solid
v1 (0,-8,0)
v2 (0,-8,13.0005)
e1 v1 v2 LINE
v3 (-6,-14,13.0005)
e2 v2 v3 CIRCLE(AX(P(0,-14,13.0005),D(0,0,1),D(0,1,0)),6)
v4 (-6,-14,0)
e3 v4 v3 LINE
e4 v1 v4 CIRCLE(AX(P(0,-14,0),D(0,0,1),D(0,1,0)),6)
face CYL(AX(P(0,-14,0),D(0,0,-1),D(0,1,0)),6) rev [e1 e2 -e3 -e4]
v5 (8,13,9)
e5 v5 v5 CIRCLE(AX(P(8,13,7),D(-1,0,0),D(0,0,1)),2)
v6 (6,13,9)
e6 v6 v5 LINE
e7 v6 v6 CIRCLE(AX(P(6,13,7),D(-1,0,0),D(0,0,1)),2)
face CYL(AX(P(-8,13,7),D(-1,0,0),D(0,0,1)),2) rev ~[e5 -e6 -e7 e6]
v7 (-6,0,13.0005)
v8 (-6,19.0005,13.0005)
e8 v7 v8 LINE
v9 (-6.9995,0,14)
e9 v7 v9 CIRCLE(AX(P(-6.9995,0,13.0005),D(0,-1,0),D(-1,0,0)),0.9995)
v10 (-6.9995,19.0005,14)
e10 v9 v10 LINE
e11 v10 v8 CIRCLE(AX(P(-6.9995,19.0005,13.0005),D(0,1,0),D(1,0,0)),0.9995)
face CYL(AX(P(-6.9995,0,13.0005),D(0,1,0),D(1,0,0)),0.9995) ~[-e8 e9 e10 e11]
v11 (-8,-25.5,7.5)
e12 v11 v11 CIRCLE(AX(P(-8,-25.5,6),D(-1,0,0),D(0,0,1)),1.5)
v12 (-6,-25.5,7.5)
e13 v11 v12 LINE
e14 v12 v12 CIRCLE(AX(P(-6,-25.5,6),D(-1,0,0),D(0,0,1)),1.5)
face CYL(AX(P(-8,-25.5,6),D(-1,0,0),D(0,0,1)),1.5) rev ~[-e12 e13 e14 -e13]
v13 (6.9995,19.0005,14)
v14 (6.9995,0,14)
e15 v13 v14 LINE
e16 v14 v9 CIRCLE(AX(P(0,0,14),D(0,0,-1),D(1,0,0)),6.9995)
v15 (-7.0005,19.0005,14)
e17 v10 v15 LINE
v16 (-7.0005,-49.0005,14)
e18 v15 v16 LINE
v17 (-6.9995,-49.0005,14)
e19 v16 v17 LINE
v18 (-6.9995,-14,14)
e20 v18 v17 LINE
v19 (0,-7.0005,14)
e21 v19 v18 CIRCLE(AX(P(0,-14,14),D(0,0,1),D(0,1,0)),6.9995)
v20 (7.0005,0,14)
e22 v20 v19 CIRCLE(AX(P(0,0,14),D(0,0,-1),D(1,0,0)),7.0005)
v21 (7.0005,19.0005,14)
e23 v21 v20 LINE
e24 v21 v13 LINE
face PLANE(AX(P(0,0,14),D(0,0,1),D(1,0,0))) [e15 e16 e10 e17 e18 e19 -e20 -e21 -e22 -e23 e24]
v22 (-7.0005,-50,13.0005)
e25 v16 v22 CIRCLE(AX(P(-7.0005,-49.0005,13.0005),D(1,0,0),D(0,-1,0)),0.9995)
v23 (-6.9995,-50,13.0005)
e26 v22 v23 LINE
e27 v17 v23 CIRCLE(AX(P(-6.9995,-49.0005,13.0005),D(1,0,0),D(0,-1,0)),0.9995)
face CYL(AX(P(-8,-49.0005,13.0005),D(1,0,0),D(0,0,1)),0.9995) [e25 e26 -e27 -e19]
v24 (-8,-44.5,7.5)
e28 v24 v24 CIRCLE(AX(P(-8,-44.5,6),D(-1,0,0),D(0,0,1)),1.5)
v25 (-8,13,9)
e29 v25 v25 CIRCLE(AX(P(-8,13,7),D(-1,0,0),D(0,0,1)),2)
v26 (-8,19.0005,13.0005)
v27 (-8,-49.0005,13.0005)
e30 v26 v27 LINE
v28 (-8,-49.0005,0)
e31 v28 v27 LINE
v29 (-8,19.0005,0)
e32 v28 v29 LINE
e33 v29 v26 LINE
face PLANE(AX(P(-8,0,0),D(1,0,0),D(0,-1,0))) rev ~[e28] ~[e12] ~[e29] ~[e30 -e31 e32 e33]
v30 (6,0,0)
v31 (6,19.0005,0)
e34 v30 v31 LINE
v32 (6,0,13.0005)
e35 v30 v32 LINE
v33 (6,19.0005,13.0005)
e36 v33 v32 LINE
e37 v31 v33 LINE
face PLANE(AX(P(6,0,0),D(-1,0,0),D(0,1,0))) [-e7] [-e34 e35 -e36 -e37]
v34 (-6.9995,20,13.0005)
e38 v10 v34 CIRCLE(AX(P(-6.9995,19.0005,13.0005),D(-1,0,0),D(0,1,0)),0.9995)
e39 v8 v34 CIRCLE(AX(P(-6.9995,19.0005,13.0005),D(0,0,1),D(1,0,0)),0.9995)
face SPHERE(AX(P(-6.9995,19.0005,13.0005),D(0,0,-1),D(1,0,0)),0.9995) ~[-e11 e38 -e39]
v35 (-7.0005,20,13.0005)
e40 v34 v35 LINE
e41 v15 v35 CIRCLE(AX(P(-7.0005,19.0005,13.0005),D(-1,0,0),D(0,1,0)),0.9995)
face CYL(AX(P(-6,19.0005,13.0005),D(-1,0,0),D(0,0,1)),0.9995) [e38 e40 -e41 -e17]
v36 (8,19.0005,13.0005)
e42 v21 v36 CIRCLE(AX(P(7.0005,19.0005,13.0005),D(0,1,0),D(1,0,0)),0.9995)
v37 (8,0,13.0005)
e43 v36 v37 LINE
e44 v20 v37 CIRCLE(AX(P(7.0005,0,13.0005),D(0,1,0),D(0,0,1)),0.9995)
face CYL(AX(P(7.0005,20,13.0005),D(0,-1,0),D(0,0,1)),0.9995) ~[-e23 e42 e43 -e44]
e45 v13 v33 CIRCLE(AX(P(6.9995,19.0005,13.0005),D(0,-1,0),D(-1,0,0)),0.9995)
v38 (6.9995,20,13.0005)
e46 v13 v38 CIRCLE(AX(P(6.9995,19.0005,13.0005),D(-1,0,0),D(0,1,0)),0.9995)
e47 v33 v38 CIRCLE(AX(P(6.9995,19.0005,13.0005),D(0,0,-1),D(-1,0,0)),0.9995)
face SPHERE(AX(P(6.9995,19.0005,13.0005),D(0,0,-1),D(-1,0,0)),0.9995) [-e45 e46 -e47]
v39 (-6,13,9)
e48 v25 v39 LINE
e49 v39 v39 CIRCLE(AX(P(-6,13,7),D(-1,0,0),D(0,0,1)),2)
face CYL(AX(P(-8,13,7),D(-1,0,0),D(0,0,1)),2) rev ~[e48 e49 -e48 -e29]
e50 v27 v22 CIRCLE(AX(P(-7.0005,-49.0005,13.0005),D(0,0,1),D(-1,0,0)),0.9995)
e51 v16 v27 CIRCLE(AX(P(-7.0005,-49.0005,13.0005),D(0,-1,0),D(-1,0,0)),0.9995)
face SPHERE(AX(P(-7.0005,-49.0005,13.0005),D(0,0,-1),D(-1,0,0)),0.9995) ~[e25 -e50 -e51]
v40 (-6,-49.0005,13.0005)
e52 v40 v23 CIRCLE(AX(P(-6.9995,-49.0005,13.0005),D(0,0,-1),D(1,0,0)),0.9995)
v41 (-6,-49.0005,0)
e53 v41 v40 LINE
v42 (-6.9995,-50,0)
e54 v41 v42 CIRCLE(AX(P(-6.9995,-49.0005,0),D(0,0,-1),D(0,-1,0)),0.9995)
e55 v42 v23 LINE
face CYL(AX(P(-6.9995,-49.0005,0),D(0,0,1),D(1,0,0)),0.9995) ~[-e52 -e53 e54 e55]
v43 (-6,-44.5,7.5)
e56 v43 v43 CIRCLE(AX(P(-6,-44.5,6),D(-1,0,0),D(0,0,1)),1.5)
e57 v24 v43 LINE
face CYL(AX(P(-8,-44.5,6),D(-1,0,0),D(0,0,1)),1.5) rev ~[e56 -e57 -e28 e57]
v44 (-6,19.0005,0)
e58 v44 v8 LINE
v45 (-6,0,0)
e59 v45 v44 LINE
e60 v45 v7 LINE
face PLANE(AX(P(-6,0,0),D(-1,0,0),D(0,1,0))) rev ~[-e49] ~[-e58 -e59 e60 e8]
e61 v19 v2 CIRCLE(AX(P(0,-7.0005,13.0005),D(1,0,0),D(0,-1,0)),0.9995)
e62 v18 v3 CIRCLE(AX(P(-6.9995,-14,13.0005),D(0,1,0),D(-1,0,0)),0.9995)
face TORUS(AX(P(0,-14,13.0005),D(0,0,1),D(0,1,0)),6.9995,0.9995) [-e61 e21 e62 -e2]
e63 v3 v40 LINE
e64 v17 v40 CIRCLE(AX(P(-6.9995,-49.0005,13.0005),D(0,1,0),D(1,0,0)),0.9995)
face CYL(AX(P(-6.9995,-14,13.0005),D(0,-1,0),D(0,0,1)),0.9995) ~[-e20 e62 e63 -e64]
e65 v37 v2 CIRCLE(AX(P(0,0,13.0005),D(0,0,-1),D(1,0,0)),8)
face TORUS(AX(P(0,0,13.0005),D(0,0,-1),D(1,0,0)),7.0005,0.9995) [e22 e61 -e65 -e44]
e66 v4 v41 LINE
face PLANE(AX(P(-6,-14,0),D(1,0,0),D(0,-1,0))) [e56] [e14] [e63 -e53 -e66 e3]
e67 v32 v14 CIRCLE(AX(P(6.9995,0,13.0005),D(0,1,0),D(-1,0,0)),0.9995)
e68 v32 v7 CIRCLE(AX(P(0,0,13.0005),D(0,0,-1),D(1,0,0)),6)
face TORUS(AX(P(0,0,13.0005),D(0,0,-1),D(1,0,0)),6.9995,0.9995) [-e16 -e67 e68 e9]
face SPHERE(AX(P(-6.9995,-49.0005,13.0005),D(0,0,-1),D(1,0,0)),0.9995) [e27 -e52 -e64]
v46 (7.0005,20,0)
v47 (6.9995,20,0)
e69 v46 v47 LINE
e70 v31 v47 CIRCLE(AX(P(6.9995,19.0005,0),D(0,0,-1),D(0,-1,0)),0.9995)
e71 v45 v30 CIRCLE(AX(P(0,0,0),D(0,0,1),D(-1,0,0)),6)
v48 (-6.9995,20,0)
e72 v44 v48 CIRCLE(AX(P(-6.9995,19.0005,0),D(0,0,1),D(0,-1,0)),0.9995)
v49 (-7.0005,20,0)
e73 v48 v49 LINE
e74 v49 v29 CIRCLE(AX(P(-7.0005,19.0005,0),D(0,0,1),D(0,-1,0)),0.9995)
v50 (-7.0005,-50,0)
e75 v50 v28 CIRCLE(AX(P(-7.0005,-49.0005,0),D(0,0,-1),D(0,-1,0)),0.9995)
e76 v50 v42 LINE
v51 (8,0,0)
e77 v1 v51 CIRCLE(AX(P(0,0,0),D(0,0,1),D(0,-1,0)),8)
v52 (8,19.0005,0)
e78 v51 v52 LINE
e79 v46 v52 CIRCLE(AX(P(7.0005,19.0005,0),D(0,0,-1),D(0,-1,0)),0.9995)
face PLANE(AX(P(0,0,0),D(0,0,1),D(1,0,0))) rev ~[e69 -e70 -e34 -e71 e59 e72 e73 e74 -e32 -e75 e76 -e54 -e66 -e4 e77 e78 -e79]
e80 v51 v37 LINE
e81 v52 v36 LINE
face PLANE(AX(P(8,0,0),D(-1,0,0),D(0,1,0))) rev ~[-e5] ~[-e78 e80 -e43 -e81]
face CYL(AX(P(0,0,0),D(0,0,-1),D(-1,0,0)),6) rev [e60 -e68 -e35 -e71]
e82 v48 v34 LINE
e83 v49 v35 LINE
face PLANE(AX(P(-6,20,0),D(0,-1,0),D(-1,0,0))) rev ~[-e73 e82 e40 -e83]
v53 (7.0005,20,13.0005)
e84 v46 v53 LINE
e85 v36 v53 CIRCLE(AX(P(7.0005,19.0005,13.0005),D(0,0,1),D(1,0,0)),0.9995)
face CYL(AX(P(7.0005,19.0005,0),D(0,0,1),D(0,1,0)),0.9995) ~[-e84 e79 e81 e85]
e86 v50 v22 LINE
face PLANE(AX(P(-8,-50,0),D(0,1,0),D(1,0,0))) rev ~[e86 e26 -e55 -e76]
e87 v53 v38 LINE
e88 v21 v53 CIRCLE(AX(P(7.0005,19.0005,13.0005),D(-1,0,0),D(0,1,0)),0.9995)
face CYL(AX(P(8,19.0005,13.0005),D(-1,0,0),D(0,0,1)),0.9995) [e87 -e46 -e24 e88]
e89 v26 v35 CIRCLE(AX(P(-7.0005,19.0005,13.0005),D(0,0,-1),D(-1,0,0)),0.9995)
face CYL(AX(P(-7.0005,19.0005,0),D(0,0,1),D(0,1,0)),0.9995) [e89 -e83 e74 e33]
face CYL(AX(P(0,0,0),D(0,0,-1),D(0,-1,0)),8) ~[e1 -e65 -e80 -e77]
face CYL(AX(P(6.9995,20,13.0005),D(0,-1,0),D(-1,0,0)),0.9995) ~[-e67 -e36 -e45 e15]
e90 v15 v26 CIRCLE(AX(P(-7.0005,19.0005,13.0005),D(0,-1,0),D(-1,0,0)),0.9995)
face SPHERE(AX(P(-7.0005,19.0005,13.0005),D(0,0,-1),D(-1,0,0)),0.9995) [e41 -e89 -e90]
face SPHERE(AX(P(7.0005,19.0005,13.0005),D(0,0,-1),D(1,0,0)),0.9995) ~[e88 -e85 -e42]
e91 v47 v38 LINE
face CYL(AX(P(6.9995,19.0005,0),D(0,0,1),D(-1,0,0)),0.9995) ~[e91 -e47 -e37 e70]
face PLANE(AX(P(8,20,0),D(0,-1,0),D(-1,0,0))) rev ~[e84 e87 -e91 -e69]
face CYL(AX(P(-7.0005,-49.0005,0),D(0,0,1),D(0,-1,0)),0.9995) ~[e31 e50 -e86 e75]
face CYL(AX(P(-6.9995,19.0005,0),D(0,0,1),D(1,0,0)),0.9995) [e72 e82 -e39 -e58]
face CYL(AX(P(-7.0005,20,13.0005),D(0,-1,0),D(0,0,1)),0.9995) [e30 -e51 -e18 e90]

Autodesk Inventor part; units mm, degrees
ref_plane "YZ Plane" through (0, 0, 0) normal (1, 0, 0) x (0, 1, 0)
ref_plane "XZ Plane" through (0, 0, 0) normal (0, 1, 0) x (-1, 0, 0)
ref_plane "XY Plane" through (0, 0, 0) normal (0, 0, 1) x (1, 0, 0)
sketch "Sketch1" plane through (0, 0, 0) normal (0, 0, 1) x (1, 0, 0)
  arc A0 (-6, 0) -> (6, 0) centre (0, 0) ccw
  arc A1 (0, -8) -> (8, 0) centre (0, 0) ccw
  line L0 (-6, -14) -> (-6, -50)
  line L1 (-8, 0) -> (-8, -50)
  line L2 (-6, 0) -> (-6, 20)
  line L3 (-8, 0) -> (-8, 20)
  line L4 (6, 0) -> (6, 20)
  line L5 (8, 0) -> (8, 20)
  line L6 (-8, -50) -> (-6, -50)
  line L7 (26.4346, -8) -> (-30.23, -8) construction
  arc A2 (0, -8) -> (-6, -14) centre (0, -14) ccw
  line L8 (8, 20) -> (6, 20)
  line L9 (-6, 20) -> (-8, 20)
  arc A3 (6, 0) -> (-6, 0) centre (0, 0) ccw construction
  dimension "d0" = 12
  dimension "d1" = 2
  dimension "d2" = 42
  dimension "d3" = 20
  dimension "d4" = 20
extrude "Extrusion1" add sketch "Sketch1" along normal blind 14
sketch "Sketch3" plane through (-8, -50, 0) normal (-1, 0, 0) x (0, 0, 1)
  line L0 (0, 0) -> (0, 70) projected
  line L1 (0, 0) -> (14, 0) projected
  line L2 (14, 70) -> (14, 0) projected
  line L3 (0, 70) -> (14, 70) projected
  line L4 (0, 42) -> (14, 42) projected
  circle A0 centre (6, 24.5) radius 1.5
  circle A1 centre (6, 5.5) radius 1.5
  line L5 (10.141, 23) -> (1.2635, 23) construction
  line L6 (10.6037, 7) -> (1.7262, 7) construction
  line L7 (6, 3.0673) -> (6, 29.9023) construction
  line L8 (9.9327, 26) -> (0.2455, 26) construction
  line L9 (10.6205, 4) -> (2.6453, 4) construction
  circle A2 centre (7, 63) radius 2
  line L10 (14, 54) -> (0, 54) construction
  point P0 (0, 50)
  dimension "d7" = 3
  dimension "d8" = 3
  dimension "d9" = 16
  dimension "d10" = 22
  dimension "d11" = 4
  dimension "d12" = 14
  dimension "d13" = 6
  dimension "d14" = 4
  dimension "d15" = 7
  dimension "d16" = 7
  dimension "d17" = 12
extrude "Extrusion2" cut sketch "Sketch3" against normal up to surface (16 mm away) contours A0 | A1 | A2
fillet "Fillet1" radius 1 17 edges at (8, 20, 7) (6, 20, 7) (-6, 20, 7) (-8, 20, 7) (-6, -50, 7) (-8, -50, 7) (-4.2426, -9.7574, 14) (5.6569, -5.6569, 14) (8, 10, 14) (-6, -32, 14) (-6, 10, 14) (6, 10, 14) (0, -6, 14) (-8, -15, 14) (-7, -50, 14) (7, 20, 14) (-7, 20, 14)
equation "\"d4\" = d3"
equation "\"d8\" = d7"
equation "\"d16\" = 0.5 * d12"
properties part number "Ø12-Z Endstop Holder"
